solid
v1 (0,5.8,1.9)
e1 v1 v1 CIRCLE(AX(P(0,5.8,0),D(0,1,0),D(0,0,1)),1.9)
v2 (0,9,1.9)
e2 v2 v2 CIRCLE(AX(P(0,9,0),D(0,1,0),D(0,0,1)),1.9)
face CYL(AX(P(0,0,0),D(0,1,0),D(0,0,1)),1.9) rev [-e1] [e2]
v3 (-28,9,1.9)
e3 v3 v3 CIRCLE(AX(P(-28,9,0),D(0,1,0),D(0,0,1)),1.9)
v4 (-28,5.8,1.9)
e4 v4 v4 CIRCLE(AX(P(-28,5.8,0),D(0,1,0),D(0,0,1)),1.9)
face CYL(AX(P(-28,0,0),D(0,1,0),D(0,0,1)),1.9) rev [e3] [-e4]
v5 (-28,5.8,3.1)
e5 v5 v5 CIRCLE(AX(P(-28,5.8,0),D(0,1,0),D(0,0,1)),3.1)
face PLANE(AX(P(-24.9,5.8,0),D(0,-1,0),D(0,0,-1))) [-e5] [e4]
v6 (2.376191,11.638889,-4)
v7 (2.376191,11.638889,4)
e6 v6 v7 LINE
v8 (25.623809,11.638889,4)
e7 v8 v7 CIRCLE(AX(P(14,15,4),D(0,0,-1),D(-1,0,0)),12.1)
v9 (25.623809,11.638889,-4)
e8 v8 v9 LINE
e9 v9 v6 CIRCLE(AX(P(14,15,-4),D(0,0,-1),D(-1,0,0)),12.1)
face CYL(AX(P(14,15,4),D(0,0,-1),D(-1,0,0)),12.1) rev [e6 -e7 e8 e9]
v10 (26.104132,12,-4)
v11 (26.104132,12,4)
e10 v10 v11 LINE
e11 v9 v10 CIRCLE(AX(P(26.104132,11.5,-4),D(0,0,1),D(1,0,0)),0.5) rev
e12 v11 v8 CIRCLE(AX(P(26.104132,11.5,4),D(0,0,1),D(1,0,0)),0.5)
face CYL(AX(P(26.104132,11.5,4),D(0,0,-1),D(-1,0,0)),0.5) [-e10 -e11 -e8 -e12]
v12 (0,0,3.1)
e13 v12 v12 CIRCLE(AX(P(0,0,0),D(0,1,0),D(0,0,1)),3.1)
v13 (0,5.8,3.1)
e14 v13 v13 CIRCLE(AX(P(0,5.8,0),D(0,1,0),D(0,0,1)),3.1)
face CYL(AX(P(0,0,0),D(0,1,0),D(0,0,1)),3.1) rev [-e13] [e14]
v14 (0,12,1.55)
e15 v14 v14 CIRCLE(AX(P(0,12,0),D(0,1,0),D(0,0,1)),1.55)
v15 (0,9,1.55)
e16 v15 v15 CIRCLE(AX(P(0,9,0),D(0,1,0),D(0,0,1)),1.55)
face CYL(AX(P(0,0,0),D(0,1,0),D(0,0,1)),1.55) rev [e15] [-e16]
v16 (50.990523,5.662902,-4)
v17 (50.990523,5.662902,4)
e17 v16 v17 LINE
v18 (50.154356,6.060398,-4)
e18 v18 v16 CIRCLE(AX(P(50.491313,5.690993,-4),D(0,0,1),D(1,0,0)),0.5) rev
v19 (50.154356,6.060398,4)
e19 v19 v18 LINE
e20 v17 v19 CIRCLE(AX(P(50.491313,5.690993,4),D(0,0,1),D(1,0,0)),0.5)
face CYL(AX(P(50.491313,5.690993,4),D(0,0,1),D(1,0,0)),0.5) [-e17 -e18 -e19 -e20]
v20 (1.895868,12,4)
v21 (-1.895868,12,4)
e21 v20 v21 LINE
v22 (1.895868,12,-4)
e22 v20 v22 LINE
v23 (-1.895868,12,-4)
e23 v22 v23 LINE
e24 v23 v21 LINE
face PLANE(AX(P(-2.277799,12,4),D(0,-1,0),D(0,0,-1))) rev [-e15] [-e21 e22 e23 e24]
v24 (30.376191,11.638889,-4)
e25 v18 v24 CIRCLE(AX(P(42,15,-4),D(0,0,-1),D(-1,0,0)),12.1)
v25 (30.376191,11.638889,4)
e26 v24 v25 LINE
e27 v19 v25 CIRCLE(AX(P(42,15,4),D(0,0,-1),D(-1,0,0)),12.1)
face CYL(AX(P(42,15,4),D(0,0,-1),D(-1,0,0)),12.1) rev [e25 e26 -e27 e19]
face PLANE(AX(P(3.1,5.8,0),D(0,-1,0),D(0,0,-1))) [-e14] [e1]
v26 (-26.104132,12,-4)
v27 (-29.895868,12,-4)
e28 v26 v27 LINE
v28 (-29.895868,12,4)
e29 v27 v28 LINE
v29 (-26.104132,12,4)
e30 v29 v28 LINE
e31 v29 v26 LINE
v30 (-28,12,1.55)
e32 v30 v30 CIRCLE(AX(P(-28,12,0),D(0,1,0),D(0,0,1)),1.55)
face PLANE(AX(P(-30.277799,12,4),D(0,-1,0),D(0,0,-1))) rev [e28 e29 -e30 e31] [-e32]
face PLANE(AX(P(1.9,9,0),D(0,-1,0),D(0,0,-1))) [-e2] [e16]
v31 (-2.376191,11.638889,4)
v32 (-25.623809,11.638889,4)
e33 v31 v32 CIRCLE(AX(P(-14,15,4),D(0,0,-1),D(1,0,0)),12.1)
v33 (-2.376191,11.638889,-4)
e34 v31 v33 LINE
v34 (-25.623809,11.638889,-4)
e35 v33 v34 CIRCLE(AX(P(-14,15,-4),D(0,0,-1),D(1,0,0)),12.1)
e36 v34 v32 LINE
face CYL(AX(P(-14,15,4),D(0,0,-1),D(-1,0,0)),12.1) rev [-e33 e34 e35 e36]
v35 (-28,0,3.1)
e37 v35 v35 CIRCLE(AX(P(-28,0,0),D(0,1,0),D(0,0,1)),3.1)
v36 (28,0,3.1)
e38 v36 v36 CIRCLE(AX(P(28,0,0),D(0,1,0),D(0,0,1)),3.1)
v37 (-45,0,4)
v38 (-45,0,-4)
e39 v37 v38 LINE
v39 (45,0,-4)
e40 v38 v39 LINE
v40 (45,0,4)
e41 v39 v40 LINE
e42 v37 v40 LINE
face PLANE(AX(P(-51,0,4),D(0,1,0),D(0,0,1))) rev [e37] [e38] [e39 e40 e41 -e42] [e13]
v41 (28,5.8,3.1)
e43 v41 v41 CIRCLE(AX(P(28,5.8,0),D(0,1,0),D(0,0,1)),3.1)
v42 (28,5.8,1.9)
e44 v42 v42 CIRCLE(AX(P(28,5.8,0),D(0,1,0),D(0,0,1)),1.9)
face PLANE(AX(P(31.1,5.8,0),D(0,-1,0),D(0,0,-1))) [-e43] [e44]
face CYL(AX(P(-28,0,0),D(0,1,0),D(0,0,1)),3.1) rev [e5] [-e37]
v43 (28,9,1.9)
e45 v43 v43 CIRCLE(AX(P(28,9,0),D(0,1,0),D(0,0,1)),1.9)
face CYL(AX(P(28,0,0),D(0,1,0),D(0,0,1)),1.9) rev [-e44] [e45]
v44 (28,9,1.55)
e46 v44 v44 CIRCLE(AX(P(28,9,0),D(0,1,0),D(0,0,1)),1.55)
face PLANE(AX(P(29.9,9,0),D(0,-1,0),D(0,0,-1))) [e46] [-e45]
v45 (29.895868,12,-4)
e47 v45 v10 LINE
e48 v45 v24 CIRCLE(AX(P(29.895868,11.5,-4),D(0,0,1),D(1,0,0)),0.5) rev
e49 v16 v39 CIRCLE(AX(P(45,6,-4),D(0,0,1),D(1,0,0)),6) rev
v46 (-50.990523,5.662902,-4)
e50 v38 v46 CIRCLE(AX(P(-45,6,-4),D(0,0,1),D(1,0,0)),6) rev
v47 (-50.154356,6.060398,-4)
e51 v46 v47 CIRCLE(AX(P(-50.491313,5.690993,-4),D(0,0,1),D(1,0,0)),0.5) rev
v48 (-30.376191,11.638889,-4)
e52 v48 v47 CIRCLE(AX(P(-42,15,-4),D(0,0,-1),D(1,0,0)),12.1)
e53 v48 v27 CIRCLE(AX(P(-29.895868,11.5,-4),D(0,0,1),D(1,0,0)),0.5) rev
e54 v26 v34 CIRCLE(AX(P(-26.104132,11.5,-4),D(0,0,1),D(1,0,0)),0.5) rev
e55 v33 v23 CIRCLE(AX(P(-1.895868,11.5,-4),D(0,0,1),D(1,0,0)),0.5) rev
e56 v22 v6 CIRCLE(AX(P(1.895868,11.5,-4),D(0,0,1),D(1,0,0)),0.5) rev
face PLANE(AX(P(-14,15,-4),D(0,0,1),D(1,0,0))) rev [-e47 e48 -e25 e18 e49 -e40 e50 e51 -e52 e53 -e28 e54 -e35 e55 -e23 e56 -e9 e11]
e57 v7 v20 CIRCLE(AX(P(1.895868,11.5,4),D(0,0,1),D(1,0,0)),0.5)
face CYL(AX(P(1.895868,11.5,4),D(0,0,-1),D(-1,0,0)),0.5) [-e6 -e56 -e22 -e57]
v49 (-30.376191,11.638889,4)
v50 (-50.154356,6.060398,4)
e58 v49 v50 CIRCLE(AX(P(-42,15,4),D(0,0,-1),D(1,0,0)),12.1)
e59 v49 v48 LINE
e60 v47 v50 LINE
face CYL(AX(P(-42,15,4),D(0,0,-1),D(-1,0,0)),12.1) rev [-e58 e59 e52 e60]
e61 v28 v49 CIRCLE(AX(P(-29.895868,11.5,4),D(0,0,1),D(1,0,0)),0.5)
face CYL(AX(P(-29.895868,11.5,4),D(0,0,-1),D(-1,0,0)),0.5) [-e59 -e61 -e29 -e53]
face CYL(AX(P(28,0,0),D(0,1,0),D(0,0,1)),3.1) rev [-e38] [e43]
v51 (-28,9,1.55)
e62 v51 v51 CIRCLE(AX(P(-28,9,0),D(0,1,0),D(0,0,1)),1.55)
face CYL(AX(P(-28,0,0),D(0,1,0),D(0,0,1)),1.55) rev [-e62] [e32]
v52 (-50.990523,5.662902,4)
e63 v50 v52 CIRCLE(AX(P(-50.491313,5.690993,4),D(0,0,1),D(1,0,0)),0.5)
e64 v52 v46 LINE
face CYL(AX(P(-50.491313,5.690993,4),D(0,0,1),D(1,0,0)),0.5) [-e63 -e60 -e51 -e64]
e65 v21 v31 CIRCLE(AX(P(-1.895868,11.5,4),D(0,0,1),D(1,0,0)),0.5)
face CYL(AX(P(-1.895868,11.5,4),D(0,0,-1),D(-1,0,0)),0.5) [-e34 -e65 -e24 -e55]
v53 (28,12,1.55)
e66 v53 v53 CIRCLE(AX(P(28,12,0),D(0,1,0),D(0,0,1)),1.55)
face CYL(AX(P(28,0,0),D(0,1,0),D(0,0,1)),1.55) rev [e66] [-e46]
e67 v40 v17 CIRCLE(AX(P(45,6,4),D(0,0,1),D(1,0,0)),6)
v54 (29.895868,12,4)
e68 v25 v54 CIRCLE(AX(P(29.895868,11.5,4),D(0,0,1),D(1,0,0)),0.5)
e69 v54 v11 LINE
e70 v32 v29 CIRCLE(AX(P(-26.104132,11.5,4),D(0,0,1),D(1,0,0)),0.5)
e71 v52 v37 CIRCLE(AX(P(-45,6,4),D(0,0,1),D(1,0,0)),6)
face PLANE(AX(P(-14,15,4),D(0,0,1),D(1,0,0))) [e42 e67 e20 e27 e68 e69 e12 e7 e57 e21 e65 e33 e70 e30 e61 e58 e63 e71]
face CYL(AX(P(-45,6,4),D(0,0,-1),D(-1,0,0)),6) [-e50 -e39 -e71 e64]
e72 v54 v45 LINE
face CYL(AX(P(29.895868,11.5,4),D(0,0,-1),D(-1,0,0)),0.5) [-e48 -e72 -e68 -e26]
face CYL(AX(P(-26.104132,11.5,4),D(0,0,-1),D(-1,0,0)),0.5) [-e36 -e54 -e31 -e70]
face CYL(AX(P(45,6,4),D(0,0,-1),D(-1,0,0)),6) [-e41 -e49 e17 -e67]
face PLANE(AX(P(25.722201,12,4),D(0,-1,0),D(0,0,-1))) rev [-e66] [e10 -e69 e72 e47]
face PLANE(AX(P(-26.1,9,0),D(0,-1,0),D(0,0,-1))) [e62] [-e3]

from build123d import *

# Parameters (mm, degrees)
BOSS_EXTRU_1_DEPTH         = 4
CONG_1_R                   = 6
CONG_2_R                   = 0.5
R_P_TITION_LIN_AIRE1_COUNT = 3
R_P_TITION_LIN_AIRE1_PITCH = 28


with BuildPart() as part:
    # Esquisse1 → Boss.-Extru.1 (new, symmetric)
    with BuildSketch(Plane.XY):
        with BuildLine():
            Line((-30.277798842, 12), (-25.722201158, 12))
            ThreePointArc((-25.722201158, 12), (-14, 2.9), (-2.277798842, 12))
            Line((-2.277798842, 12), (2.277798842, 12))
            ThreePointArc((2.277798842, 12), (14, 2.9), (25.722201158, 12))
            Line((25.722201158, 12), (30.277798842, 12))
            ThreePointArc((30.277798842, 12), (39.114930254, 3.24898419), (51, 6.912355102))
            Line((51, 6.912355102), (51, 0))
            Line((51, 0), (-51, 0))
            Line((-51, 0), (-51, 6.912355102))
            ThreePointArc((-51, 6.912355102), (-39.114930254, 3.24898419), (-30.277798842, 12))
        make_face()
    extrude(amount=BOSS_EXTRU_1_DEPTH, both=True)

    # Congé1
    cong_1_edges = [part.edges().sort_by_distance(p)[0] for p in [
        (51, 0, 0),
        (-51, 0, 0),
    ]]
    fillet(cong_1_edges, radius=CONG_1_R)

    # Congé2
    cong_2_edges = [part.edges().sort_by_distance(p)[0] for p in [
        (51, 6.912355102, 0),
        (30.277798842, 12, 0),
        (25.722201158, 12, 0),
        (2.277798842, 12, 0),
        (-2.277798842, 12, 0),
        (-25.722201158, 12, 0),
        (-30.277798842, 12, 0),
        (-51, 6.912355102, 0),
    ]]
    fillet(cong_2_edges, radius=CONG_2_R)

    # Esquisse2 → Enlèvement de matière-Révolution1 (revolve, cut)
    with BuildSketch(Plane.XY, mode=Mode.PRIVATE) as enl_vement_de_mati_re_r_volution1_sk:
        Polygon((-28, 12), (-28, 0), (-24.9, 0), (-24.9, 5.8), (-26.1, 5.8), (-26.1, 9), (-26.45, 9), (-26.45, 12), align=None)
    enl_vement_de_mati_re_r_volution1 = revolve(enl_vement_de_mati_re_r_volution1_sk.sketch.rotate(Axis((-28, 0, 0), (0, -1, 0)), 90), axis=Axis((-28, 0, 0), (0, -1, 0)), mode=Mode.SUBTRACT)

    # Répétition linéaire1: Enlèvement de matière-Révolution1 ×3
    with Locations(*[(i * R_P_TITION_LIN_AIRE1_PITCH, 0, 0) for i in range(1, R_P_TITION_LIN_AIRE1_COUNT)]):
        add(enl_vement_de_mati_re_r_volution1, mode=Mode.SUBTRACT)


solid = part.part
